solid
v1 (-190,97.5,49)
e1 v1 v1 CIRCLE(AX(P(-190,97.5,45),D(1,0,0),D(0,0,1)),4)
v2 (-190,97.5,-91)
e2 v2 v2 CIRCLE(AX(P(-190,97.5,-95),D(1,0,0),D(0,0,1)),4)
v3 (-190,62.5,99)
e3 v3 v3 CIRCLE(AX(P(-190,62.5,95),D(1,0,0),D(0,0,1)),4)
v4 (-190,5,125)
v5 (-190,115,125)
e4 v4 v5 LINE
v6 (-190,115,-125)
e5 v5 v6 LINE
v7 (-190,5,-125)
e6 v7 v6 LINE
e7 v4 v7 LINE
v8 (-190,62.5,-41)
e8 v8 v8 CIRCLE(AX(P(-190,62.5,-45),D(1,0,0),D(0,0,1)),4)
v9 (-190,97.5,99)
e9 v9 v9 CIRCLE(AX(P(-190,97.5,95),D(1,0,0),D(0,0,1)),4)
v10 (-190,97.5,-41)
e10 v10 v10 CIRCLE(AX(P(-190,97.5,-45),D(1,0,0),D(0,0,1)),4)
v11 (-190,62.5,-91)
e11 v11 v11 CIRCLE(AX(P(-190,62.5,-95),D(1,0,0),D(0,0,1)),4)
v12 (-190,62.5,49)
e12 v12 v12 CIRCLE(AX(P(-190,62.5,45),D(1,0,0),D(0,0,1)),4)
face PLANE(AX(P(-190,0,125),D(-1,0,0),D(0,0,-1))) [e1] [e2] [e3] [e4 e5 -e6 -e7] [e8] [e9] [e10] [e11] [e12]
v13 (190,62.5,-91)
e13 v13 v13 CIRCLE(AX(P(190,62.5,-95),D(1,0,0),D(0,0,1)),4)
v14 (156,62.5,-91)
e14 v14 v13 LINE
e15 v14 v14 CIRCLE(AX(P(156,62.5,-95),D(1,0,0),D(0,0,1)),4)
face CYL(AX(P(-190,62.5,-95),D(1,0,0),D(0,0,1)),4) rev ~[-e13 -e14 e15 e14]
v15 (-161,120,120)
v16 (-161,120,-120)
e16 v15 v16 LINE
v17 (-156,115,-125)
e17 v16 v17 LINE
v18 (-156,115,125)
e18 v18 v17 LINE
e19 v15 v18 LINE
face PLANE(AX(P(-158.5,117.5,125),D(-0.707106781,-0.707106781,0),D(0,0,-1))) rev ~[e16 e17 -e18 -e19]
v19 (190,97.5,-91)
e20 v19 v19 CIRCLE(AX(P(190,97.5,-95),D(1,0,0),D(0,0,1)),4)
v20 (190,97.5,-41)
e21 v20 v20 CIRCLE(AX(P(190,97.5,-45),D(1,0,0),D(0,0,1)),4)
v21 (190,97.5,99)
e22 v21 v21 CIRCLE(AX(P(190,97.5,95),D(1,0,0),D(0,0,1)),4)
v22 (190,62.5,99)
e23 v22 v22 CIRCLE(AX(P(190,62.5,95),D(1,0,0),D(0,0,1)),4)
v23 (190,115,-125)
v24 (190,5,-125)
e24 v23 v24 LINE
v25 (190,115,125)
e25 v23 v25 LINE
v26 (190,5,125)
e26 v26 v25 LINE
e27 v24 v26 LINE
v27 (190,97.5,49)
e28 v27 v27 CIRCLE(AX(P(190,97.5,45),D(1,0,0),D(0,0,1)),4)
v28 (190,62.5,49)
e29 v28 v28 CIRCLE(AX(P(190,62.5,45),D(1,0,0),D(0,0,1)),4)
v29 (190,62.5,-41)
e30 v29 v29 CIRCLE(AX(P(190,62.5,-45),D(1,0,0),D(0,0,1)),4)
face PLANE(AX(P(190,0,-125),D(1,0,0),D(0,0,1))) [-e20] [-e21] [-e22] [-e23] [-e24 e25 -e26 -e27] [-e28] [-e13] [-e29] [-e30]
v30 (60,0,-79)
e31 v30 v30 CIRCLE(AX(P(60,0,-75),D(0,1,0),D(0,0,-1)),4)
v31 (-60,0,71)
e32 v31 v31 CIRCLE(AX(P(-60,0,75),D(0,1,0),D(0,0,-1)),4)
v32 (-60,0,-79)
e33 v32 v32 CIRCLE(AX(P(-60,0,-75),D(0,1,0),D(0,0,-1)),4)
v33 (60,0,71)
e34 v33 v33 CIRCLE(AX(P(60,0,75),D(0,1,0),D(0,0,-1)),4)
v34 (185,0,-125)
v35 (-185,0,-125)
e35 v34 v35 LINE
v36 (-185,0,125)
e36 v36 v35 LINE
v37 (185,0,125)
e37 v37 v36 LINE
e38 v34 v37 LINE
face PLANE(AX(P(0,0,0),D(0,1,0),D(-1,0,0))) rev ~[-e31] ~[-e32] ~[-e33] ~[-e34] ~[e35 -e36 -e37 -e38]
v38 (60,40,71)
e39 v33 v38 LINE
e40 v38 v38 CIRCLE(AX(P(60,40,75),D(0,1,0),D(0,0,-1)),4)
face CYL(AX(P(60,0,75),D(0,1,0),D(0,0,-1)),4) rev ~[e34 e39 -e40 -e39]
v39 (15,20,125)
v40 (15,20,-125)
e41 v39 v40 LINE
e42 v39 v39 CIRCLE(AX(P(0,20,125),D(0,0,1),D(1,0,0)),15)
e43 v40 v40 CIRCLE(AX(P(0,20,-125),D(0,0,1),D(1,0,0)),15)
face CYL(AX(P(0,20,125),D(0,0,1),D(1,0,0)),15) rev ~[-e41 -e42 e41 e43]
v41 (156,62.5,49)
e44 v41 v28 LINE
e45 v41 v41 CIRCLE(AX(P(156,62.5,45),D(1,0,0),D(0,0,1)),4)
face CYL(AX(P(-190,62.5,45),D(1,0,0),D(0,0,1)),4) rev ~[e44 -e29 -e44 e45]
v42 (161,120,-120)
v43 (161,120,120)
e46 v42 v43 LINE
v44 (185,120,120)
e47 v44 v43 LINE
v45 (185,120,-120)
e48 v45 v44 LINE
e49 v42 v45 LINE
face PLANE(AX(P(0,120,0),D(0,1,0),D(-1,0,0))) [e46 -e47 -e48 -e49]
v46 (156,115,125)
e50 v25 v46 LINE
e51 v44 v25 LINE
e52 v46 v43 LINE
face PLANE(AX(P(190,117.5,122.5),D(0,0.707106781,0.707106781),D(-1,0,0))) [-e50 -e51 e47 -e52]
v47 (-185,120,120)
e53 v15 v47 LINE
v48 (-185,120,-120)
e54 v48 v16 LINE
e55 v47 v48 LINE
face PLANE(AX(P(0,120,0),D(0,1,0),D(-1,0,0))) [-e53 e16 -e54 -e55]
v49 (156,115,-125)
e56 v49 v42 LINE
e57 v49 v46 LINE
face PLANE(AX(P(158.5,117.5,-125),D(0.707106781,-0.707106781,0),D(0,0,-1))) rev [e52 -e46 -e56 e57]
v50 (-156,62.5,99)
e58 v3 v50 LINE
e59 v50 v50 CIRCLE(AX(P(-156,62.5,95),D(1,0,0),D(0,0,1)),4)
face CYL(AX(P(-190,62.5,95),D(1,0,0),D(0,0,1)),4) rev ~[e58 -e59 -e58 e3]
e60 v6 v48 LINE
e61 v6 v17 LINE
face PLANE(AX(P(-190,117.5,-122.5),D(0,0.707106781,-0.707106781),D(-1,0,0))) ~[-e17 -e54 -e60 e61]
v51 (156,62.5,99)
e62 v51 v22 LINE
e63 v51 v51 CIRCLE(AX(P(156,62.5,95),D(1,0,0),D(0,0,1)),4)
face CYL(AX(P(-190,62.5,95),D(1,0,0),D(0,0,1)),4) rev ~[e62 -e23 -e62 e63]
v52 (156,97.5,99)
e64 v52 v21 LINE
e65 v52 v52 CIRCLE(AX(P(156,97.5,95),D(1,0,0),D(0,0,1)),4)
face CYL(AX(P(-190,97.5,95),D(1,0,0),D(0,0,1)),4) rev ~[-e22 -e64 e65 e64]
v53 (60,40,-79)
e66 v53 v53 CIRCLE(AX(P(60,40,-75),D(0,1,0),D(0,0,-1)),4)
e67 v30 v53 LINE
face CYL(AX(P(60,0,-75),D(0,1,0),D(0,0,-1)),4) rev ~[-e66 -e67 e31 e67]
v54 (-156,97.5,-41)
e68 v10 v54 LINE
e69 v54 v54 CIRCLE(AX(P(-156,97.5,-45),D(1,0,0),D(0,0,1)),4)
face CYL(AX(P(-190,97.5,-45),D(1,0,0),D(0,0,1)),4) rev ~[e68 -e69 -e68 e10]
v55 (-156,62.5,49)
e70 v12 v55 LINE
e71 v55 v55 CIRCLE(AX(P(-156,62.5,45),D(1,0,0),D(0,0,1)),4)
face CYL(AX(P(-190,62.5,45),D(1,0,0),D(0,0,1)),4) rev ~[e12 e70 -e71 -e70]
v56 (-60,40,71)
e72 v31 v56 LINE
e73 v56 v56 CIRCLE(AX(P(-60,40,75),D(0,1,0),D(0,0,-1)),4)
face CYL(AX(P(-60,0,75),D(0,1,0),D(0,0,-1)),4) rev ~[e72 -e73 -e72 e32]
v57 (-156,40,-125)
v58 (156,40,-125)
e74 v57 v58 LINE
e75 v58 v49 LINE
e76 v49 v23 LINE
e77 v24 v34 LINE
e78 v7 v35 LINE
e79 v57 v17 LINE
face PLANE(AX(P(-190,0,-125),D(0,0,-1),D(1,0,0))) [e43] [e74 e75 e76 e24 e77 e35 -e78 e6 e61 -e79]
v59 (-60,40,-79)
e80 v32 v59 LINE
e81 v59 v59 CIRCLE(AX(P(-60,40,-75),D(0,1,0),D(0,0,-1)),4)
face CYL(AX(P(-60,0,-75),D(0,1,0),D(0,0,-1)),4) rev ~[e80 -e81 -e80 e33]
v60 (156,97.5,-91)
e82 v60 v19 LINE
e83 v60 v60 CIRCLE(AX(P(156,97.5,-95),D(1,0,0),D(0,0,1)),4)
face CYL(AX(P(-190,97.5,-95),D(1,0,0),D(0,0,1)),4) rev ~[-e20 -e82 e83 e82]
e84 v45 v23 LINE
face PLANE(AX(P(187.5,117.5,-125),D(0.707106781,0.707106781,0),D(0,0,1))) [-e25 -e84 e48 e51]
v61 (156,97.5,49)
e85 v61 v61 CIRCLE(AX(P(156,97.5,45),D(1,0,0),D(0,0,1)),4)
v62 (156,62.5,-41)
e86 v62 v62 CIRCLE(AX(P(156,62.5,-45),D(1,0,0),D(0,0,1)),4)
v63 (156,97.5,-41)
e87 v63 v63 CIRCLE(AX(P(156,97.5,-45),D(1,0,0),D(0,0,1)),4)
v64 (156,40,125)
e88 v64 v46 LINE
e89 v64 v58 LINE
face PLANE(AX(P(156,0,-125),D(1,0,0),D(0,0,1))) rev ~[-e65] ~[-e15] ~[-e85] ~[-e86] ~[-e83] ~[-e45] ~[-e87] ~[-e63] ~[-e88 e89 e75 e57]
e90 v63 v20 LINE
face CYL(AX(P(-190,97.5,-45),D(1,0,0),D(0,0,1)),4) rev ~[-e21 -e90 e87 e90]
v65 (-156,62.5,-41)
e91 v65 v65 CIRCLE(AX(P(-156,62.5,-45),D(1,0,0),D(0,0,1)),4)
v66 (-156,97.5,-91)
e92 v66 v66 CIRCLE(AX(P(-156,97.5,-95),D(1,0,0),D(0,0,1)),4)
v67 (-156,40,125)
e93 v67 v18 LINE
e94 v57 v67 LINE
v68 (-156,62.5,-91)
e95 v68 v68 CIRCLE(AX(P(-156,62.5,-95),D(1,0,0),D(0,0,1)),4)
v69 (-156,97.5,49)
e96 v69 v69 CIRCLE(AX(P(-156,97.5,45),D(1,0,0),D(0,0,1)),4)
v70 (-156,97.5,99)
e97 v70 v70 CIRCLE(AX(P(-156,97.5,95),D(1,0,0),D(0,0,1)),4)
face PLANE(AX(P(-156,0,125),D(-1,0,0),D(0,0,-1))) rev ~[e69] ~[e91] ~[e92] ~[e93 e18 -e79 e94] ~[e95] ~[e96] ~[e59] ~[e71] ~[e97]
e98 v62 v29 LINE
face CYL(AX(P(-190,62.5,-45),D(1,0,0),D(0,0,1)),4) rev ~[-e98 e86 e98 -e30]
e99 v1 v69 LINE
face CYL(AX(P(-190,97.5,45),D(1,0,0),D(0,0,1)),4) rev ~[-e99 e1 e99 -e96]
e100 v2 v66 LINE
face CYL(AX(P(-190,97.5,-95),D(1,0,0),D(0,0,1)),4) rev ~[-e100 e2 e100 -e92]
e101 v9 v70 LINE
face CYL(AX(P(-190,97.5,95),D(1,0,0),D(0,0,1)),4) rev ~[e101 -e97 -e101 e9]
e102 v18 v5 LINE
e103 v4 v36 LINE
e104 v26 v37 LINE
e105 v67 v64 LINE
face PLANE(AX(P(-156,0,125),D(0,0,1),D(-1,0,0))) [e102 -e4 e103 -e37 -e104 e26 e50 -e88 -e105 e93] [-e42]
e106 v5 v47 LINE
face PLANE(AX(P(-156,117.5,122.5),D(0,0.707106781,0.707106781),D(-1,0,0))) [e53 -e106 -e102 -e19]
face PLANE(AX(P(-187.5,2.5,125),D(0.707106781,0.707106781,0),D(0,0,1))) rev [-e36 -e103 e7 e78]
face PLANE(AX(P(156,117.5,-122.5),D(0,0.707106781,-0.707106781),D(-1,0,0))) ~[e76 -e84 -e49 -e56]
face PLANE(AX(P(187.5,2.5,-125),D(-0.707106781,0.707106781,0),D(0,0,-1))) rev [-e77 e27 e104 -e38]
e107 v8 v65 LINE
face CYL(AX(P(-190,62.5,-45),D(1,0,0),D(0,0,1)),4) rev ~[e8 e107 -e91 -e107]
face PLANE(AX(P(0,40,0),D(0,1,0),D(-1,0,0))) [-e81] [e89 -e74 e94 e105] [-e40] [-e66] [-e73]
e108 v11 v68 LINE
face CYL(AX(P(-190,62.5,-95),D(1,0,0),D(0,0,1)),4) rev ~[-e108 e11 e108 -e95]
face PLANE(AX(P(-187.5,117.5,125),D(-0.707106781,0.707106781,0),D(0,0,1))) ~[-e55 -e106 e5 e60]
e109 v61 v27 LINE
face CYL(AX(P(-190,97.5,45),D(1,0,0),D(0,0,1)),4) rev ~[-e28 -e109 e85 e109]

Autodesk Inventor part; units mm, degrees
ref_plane "YZ Plane" through (0, 0, 0) normal (1, 0, 0) x (0, 1, 0)
ref_plane "XZ Plane" through (0, 0, 0) normal (0, 1, 0) x (-1, 0, 0)
ref_plane "XY Plane" through (0, 0, 0) normal (0, 0, 1) x (1, 0, 0)
sketch "Sketch1" plane through (0, 0, 0) normal (0, 1, 0) x (-1, 0, 0)
  line L0 (190, -125) -> (-190, -125)
  line L1 (-190, -125) -> (-190, 125)
  line L2 (-190, 125) -> (190, 125)
  line L3 (190, 125) -> (190, -125)
  line L4 (190, -125) -> (-190, 125) construction
  line L5 (-190, -125) -> (190, 125) construction
  line L6 (-60, 75) -> (60, 75) construction
  line L7 (60, 75) -> (60, -75) construction
  line L8 (60, -75) -> (-60, -75) construction
  line L9 (-60, -75) -> (-60, 75) construction
  line L10 (-60, 75) -> (60, -75) construction
  line L11 (60, 75) -> (-60, -75) construction
  line L12 (-156, 125) -> (156, 125)
  line L13 (156, 125) -> (156, -125)
  line L14 (156, -125) -> (-156, -125)
  line L15 (-156, -125) -> (-156, 125)
  line L16 (-156, 125) -> (156, -125) construction
  line L17 (156, 125) -> (-156, -125) construction
  point P0 (0, 0)
  dimension "d0" = 380
  dimension "d1" = 250
  dimension "d2" = 120
  dimension "d3" = 150
  dimension "d16" = 312
extrude "Extrusion1" add sketch "Sketch1" along normal blind 40
hole "Hole1" at (-60, 0, -75) at (60, 0, -75) at (60, 0, 75) at (-60, 0, 75) direction (0, 1, 0) diameter 8 end through all
sketch "Sketch2" plane through (-190, 0, 125) normal (0, 0, 1) x (1, 0, 0)
  line L0 (0, 0) -> (380, 0) construction
  line L1 (0, 40) -> (380, 40) construction
  line L2 (380, 0) -> (0, 40) construction
  line L3 (0, 0) -> (380, 40) construction
  circle A0 centre (190, 20) radius 15
  point P0 (190, 0)
  dimension "d13" = 30
extrude "Extrusion2" cut sketch "Sketch2" against normal through all
extrude "Extrusion3" add sketch "Sketch1" along normal blind 120 contours L0 L13 L2 L3 | L0 L1 L2 L15
sketch "Sketch3" plane through (-190, 0, -125) normal (-1, 0, 0) x (0, 0, 1)
  line L0 (170, 97.5) -> (220, 97.5) construction
  line L1 (220, 97.5) -> (220, 62.5) construction
  line L2 (220, 62.5) -> (170, 62.5) construction
  line L3 (170, 62.5) -> (170, 97.5) construction
  line L4 (170, 97.5) -> (220, 62.5) construction
  line L5 (220, 97.5) -> (170, 62.5) construction
  line L6 (0, 0) -> (250, 0) construction
  line L7 (125, 0) -> (125, 120) construction
  line L8 (0, 120) -> (250, 120) construction
  line L9 (80, 97.5) -> (30, 97.5) construction
  line L10 (30, 97.5) -> (30, 62.5) construction
  line L11 (30, 62.5) -> (80, 62.5) construction
  line L12 (80, 62.5) -> (80, 97.5) construction
  line L13 (80, 97.5) -> (30, 62.5) construction
  line L14 (30, 97.5) -> (80, 62.5) construction
  point P0 (195, 80)
  point P1 (55, 80)
  dimension "d19" = 50
  dimension "d20" = 35
  dimension "d21" = 62.5
  dimension "d22" = 70
hole "Hole2" at (-190, 97.5, 45) at (-190, 97.5, 95) at (-190, 62.5, 95) at (-190, 62.5, 45) at (-190, 62.5, -45) at (-190, 62.5, -95) at (-190, 97.5, -95) at (-190, 97.5, -45) direction (1, 0, 0) diameter 8 end through all
chamfer "Chamfer1" distance 5 angle 45 10 edges at (-190, 120, 0) (-173, 120, 125) (-156, 120, 0) (-173, 120, -125) (156, 120, 0) (190, 120, 0) (173, 120, -125) (173, 120, 125) (-190, 0, 0) (190, 0, 0)
properties part number "SACMI DPA TILES GRIP FIXED SUPPORT"
